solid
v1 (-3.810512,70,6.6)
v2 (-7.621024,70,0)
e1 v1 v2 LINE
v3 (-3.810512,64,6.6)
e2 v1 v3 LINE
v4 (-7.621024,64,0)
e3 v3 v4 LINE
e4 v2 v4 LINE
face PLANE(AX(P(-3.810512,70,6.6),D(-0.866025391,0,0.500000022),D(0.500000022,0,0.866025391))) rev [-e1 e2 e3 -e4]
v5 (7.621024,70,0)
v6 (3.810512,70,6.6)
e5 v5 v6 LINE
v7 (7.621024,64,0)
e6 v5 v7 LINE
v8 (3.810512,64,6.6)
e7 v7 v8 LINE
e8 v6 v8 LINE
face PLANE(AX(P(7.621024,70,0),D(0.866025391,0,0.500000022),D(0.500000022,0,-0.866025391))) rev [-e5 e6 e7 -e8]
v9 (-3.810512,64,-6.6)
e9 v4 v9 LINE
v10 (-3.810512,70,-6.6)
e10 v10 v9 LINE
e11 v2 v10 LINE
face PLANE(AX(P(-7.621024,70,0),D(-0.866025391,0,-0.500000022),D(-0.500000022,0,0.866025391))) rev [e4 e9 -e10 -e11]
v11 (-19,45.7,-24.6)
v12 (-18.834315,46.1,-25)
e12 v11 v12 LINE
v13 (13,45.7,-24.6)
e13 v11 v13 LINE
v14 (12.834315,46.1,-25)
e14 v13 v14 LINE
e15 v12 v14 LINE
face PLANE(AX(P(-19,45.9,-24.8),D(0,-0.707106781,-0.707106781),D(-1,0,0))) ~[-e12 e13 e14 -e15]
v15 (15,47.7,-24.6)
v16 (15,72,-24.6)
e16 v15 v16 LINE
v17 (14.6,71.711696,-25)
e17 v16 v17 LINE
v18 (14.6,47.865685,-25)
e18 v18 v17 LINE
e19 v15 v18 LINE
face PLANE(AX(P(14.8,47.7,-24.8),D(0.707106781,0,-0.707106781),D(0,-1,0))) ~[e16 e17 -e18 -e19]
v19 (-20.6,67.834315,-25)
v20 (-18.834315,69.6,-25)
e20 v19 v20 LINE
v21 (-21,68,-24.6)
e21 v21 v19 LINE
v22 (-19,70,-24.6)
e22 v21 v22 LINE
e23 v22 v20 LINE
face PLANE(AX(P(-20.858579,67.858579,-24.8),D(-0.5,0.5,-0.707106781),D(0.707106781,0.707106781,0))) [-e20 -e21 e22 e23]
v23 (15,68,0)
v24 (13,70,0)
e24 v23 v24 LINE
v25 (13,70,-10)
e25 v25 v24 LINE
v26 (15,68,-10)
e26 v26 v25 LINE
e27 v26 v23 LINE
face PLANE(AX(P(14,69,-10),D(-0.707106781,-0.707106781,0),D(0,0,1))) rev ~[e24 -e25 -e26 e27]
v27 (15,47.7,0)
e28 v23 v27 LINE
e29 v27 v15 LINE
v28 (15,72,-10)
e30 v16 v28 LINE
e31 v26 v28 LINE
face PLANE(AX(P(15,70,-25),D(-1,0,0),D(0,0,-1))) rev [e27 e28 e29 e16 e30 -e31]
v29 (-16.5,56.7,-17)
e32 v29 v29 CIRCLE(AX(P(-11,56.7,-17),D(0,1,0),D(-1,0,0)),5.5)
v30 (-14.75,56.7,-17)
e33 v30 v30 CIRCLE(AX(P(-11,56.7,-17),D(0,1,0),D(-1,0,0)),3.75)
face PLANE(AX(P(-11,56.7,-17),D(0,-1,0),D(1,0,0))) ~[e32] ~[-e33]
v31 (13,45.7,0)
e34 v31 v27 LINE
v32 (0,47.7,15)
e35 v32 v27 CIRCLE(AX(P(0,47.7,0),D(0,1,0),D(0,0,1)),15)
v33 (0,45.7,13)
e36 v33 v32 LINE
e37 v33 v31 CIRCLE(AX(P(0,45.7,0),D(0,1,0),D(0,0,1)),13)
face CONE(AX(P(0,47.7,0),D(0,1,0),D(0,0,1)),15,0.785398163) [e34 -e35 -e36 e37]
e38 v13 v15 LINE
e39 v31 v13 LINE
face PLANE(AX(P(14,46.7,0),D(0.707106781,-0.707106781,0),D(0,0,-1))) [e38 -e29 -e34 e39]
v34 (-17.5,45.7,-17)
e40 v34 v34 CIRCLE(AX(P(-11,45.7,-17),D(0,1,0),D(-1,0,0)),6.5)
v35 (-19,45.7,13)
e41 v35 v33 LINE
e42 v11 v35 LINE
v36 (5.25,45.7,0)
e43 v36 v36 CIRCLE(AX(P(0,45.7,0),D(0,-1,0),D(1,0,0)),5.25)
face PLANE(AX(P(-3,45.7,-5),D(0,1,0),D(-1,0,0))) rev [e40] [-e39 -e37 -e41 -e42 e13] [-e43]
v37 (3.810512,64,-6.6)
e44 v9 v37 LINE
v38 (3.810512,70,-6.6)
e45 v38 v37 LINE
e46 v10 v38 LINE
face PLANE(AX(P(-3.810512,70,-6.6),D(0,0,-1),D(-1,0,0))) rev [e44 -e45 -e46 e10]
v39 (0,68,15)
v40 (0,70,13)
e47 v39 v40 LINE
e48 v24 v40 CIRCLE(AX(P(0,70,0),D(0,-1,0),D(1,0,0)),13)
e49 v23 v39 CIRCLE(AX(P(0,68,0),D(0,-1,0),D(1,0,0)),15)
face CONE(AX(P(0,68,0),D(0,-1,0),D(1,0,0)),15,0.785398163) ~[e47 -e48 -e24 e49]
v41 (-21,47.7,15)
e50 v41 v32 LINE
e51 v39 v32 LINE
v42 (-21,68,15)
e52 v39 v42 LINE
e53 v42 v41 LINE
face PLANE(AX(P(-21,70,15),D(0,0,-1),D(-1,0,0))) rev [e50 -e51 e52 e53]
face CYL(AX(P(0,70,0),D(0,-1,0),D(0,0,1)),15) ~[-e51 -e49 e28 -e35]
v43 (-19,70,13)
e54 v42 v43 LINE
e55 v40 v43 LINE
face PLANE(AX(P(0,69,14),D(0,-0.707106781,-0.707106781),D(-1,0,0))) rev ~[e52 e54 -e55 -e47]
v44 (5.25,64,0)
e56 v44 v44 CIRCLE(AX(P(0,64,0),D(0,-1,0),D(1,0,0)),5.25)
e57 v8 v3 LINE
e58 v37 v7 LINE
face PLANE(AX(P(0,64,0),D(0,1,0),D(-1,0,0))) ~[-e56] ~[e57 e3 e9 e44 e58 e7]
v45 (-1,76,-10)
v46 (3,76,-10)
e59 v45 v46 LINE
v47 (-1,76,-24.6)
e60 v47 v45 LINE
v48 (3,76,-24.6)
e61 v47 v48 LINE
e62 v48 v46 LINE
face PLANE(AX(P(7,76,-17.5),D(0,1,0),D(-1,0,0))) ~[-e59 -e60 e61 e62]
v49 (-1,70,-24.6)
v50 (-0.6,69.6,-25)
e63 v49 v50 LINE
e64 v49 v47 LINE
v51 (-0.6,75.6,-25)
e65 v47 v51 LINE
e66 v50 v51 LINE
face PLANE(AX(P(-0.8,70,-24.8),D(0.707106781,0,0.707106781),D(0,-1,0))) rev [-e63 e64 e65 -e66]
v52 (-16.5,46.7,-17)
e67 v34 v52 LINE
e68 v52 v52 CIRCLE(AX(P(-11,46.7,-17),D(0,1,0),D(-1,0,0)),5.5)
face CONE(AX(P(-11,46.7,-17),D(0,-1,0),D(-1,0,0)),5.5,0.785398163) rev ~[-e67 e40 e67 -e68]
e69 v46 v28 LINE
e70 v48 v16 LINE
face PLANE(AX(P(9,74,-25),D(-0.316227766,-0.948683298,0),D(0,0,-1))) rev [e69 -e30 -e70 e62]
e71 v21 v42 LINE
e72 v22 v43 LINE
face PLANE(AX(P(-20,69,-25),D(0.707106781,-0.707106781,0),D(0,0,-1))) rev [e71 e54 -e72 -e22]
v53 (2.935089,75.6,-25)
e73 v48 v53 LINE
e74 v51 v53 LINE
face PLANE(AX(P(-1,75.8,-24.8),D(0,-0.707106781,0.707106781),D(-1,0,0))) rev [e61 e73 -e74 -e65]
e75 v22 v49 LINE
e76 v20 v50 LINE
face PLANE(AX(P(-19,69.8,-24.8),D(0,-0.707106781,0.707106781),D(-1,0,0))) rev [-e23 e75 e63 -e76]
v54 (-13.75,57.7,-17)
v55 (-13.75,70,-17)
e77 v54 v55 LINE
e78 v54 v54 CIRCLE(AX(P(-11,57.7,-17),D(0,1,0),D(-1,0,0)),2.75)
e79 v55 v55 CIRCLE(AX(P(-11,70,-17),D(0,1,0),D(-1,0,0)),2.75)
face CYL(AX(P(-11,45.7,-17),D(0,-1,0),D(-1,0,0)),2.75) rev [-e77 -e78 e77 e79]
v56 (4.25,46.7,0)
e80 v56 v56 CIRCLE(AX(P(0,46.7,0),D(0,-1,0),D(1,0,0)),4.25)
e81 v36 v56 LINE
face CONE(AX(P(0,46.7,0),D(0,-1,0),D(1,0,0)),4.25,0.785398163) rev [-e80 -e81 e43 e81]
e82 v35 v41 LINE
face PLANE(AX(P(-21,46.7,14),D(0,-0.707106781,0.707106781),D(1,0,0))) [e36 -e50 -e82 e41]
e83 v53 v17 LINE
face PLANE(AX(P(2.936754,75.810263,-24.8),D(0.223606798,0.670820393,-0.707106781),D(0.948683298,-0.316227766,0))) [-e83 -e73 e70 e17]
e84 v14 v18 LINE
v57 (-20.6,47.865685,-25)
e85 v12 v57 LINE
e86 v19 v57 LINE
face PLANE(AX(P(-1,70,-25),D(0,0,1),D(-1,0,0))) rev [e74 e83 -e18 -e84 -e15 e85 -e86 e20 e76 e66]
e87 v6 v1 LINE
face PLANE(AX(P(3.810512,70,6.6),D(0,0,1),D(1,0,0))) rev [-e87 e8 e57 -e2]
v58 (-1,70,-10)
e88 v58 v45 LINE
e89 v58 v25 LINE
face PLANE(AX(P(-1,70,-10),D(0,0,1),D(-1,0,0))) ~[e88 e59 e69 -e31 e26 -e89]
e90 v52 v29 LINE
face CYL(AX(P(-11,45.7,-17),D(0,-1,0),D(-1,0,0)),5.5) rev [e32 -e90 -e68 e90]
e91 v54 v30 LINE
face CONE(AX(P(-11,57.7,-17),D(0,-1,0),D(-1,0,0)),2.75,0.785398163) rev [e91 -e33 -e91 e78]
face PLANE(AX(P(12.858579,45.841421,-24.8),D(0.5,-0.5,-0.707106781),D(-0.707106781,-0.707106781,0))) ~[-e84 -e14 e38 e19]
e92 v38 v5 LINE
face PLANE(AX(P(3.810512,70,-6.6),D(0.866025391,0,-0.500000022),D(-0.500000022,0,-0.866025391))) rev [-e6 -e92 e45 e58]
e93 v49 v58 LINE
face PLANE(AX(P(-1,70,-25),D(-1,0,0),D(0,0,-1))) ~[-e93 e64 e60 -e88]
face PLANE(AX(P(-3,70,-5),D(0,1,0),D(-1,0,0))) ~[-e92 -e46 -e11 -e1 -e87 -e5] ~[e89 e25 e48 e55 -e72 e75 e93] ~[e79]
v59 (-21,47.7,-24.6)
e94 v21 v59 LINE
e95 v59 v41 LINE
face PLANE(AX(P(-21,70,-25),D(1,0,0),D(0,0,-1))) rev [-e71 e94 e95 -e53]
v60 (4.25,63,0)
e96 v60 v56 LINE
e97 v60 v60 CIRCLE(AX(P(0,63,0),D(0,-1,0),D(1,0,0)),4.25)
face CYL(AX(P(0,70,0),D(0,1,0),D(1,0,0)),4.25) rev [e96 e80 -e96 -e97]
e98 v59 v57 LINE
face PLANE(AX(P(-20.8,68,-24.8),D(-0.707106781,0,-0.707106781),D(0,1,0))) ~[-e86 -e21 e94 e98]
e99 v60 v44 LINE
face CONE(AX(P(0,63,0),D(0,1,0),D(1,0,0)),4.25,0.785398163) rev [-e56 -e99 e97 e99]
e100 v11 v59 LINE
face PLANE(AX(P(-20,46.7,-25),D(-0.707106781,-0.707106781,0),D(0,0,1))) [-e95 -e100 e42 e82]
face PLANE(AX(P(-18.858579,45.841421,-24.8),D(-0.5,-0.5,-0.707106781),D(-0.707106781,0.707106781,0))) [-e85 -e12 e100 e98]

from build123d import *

# Parameters (mm, degrees)
SKETCH087_W      = 36
SKETCH087_H      = 40
SKETCH087_R      = 4.25
PAD039_DEPTH     = 24.3
FILLET015_R      = 15
POCKET045_DEPTH  = 6
CHAMFER040_SIZE  = 1
SKETCH089_W      = 16
SKETCH089_H      = 15
PAD040_DEPTH     = 6
CHAMFER041_SIZE2 = 4
CHAMFER041_SIZE  = 12
SKETCH090_R      = 2.75
POCKET046_DEPTH  = 40
SKETCH091_R      = 5.5
POCKET047_DEPTH  = 11
CHAMFER042_SIZE  = 1
CHAMFER043_SIZE  = 2
CHAMFER044_SIZE  = 0.4


with BuildPart() as bloclaterallinear:
    # Sketch087 → Pad039 (new body)
    with BuildSketch(Plane.XZ):
        with Locations((-3, -5)):
            Rectangle(SKETCH087_W, SKETCH087_H)
        Circle(SKETCH087_R, mode=Mode.SUBTRACT)
    extrude(amount=-PAD039_DEPTH)

    # Fillet015
    fillet015_edges = [bloclaterallinear.edges().sort_by_distance(p)[0] for p in [
        (15, 12.15, 15),
    ]]
    fillet(fillet015_edges, radius=FILLET015_R)

    # Sketch088 (on Face2 of Fillet015) → Pocket045 (cut)
    with BuildSketch(Plane.XZ):
        Polygon((7.621024, 0), (3.810512, 6.6), (-3.810512, 6.6), (-7.621024, 0), (-3.810512, -6.6), (3.810512, -6.6), align=None)
    extrude(amount=-POCKET045_DEPTH, mode=Mode.SUBTRACT)

    # Chamfer040
    chamfer040_edges = [bloclaterallinear.edges().sort_by_distance(p)[0] for p in [
        (-4.25, 6, 0),
    ]]
    chamfer(chamfer040_edges, length=CHAMFER040_SIZE)

    # Sketch089 (on Face16 of Chamfer040) → Pad040 (join)
    with BuildSketch(Plane.XZ):
        with Locations((7, -17.5)):
            Rectangle(SKETCH089_W, SKETCH089_H)
    extrude(amount=PAD040_DEPTH)

    # Chamfer041
    chamfer041_edges = [bloclaterallinear.edges().sort_by_distance(p)[0] for p in [
        (15, -6, -17.5),
    ]]
    chamfer041_side = bloclaterallinear.faces().sort_by_distance((7, -6, -17.5))[0]
    chamfer(chamfer041_edges, length=CHAMFER041_SIZE, length2=CHAMFER041_SIZE2, reference=chamfer041_side)

    # Sketch090 (on Face9 of Chamfer041) → Pocket046 (cut)
    with BuildSketch(Plane(origin=(0, 24.3, 0), x_dir=(-1, 0, 0), z_dir=(0, 1, 0))):
        with Locations((11, -17)):
            Circle(SKETCH090_R)
    extrude(amount=-POCKET046_DEPTH, mode=Mode.SUBTRACT)

    # Sketch091 (on Face9 of Pocket046) → Pocket047 (cut)
    with BuildSketch(Plane(origin=(0, 24.3, 0), x_dir=(-1, 0, 0), z_dir=(0, 1, 0))):
        with Locations((11, -17)):
            Circle(SKETCH091_R)
    extrude(amount=-POCKET047_DEPTH, mode=Mode.SUBTRACT)

    # Chamfer042
    chamfer042_edges = [bloclaterallinear.edges().sort_by_distance(p)[0] for p in [
        (-5.5, 24.3, -17),
        (-4.25, 24.3, 0),
        (-8.25, 13.3, -17),
    ]]
    chamfer(chamfer042_edges, length=CHAMFER042_SIZE)

    # Chamfer043
    chamfer043_edges = [bloclaterallinear.edges().sort_by_distance(p)[0] for p in [
        (-21, 0, -5),
        (-21, 24.3, -5),
        (-10.5, 24.3, 15),
        (15, 0, -5),
    ]]
    chamfer(chamfer043_edges, length=CHAMFER043_SIZE)

    # Chamfer044
    chamfer044_edges = [bloclaterallinear.edges().sort_by_distance(p)[0] for p in [
        (15, 10.15, -25),
        (14, 23.3, -25),
        (9, -4, -25),
        (-3, 24.3, -25),
        (1, -6, -25),
        (-20, 23.3, -25),
        (-1, -3, -25),
        (-21, 12.15, -25),
        (-10, 0, -25),
        (-20, 1, -25),
    ]]
    chamfer(chamfer044_edges, length=CHAMFER044_SIZE)


with BuildPart() as bloclaterallinear_1:
    # Body024 placement: moved
    add(bloclaterallinear.part.moved(Location((0, -70, 0))))


with BuildPart() as part_mirroring004:
    # Part__Mirroring004: instance of BlocLateralLinear
    add(bloclaterallinear_1.part.mirror(Plane(origin=(0, 0, 0), x_dir=(1, 0, 0), z_dir=(0, 1, 0))))


solid = part_mirroring004.part
